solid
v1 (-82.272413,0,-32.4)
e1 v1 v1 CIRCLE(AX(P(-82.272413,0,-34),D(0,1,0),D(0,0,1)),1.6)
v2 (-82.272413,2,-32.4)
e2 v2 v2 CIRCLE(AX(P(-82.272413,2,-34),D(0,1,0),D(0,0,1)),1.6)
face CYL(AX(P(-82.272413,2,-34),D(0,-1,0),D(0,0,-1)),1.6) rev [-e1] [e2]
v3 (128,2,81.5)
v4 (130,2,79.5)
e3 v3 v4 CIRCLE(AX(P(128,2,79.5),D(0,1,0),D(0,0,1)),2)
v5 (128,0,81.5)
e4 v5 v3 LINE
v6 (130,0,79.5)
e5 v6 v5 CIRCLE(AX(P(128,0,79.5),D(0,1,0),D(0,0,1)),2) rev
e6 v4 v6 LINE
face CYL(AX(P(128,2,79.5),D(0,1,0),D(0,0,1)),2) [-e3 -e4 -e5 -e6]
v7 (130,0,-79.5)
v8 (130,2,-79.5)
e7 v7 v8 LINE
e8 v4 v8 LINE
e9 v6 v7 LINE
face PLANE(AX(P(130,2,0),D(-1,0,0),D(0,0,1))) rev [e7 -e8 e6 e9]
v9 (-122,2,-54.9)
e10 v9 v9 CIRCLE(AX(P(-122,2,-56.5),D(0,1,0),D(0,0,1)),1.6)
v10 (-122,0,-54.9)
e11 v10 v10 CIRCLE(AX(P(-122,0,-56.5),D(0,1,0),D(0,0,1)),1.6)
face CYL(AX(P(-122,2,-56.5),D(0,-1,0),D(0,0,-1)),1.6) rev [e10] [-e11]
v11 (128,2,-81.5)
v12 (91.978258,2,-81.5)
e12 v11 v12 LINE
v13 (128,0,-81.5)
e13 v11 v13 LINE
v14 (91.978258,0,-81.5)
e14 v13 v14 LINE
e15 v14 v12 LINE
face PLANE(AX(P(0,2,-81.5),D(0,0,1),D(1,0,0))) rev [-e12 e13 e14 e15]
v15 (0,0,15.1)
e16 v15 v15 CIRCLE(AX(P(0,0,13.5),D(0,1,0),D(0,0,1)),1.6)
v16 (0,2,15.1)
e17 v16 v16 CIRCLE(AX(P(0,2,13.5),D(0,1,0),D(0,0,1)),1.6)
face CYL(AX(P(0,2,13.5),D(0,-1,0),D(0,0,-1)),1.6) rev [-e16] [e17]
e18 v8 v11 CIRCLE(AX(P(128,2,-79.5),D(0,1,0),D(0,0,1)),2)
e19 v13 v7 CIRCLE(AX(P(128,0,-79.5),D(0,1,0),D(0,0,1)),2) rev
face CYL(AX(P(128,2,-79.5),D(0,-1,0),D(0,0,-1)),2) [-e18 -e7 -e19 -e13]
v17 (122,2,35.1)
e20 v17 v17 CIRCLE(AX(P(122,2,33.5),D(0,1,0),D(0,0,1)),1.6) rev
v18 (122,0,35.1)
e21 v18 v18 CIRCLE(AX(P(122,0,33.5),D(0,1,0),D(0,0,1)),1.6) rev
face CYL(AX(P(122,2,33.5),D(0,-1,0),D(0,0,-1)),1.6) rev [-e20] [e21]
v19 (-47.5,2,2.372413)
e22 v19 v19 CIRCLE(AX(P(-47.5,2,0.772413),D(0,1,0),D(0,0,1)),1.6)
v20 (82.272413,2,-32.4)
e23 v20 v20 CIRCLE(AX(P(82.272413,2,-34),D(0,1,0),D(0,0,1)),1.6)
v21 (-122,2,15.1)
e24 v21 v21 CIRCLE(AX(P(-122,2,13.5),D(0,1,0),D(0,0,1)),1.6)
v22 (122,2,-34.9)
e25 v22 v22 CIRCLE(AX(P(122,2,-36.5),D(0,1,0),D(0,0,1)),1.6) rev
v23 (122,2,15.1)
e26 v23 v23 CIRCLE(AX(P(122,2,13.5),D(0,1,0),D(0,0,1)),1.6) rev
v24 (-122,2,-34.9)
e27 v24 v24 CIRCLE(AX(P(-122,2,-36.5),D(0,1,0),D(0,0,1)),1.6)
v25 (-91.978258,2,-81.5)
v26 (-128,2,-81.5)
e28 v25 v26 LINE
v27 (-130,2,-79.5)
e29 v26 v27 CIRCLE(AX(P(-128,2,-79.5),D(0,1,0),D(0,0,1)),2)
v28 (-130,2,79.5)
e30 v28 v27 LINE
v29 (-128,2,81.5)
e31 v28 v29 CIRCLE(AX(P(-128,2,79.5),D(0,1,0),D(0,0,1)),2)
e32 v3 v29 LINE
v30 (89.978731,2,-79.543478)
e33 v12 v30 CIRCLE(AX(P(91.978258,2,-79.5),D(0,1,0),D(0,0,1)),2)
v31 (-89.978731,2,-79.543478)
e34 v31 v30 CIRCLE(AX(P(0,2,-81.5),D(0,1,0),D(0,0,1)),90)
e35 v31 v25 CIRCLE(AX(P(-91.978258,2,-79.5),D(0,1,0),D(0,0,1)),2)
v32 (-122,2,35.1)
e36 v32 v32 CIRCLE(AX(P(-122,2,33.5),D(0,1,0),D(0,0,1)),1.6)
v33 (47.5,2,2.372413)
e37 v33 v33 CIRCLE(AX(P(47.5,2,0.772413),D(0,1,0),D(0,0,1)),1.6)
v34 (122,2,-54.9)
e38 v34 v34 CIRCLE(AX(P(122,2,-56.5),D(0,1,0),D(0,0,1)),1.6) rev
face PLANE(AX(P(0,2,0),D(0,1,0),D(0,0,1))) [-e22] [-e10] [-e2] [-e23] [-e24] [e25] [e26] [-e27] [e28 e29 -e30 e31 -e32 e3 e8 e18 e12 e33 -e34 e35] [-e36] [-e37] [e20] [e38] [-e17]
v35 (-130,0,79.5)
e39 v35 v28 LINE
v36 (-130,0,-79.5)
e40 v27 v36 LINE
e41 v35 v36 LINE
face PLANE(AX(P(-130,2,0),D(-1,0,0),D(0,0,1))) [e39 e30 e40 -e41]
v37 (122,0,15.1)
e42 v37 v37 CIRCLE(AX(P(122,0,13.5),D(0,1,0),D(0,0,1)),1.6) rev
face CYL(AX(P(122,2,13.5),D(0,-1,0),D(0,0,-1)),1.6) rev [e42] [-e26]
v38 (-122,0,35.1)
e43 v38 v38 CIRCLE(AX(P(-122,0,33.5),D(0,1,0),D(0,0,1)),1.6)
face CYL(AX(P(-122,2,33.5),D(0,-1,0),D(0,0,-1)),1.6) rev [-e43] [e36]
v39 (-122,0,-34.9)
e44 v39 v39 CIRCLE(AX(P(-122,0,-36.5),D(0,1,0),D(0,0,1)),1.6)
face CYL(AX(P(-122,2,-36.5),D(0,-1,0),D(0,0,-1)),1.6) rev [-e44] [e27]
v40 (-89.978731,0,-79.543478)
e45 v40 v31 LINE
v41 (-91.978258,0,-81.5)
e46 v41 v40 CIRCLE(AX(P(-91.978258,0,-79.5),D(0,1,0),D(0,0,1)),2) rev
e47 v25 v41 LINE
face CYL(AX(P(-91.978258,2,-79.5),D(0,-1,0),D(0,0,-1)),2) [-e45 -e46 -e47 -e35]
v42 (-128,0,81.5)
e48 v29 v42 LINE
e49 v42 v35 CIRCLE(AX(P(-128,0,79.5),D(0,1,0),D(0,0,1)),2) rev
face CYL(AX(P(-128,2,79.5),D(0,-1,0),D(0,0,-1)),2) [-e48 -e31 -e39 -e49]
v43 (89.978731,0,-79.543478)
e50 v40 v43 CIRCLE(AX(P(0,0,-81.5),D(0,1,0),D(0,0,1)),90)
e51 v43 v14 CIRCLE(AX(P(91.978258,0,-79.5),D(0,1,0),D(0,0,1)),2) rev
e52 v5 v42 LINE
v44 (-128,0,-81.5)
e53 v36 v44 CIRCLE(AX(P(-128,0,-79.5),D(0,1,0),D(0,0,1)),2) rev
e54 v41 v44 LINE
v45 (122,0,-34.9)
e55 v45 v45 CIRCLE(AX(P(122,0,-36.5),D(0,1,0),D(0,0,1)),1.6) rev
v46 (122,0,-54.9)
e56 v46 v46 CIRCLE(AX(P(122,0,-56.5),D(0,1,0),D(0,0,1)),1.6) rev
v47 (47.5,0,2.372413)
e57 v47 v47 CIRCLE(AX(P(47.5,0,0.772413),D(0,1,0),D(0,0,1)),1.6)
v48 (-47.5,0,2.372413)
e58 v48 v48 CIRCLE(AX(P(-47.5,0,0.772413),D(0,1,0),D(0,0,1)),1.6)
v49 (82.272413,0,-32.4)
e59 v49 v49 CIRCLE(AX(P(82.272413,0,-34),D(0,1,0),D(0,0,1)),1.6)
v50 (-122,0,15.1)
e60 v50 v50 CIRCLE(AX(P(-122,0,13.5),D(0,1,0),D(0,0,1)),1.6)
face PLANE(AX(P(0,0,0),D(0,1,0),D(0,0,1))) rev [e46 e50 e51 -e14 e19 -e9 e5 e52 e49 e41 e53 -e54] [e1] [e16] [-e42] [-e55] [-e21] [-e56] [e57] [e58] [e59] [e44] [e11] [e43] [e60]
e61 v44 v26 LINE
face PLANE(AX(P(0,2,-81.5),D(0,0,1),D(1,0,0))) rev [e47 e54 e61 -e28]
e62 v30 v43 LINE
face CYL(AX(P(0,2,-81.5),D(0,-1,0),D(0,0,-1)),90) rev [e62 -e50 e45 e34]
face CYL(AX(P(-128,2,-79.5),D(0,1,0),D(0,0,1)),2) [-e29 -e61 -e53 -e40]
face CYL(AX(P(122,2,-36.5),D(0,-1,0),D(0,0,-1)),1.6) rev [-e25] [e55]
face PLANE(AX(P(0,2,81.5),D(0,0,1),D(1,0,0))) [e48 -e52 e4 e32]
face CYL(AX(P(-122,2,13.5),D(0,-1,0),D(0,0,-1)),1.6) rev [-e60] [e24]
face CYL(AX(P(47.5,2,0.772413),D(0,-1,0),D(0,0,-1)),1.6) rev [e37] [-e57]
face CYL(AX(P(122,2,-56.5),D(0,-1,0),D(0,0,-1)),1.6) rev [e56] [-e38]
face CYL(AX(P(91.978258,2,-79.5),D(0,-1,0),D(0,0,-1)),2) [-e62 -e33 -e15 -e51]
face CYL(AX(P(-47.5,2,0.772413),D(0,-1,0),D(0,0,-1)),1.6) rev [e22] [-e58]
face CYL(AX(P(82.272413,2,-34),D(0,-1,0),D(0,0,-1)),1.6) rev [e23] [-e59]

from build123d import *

# Parameters (mm, degrees)
SKETCH_1_R      = 1.6
EXTRUDE_1_DEPTH = 2
FILLET_1_R      = 2


with BuildPart() as part:
    # 草图1 → 凸台-拉伸1 (new body)
    with BuildSketch(Plane(origin=(0, 0, 0), x_dir=(1, 0, 0), z_dir=(0, 1, 0))):
        with BuildLine():
            Line((-130, -81.5), (130, -81.5))
            Line((130, -81.5), (130, 81.5))
            Line((130, 81.5), (90, 81.5))
            ThreePointArc((90, 81.5), (0, -8.5), (-90, 81.5))
            Line((-90, 81.5), (-130, 81.5))
            Line((-130, 81.5), (-130, -81.5))
        make_face()
        with Locations(Location((-122, -33.5, 0), (0, 0, 270))):
            Circle(SKETCH_1_R, mode=Mode.SUBTRACT)
        with Locations(Location((-122, -13.5, 0), (0, 0, 270))):
            Circle(SKETCH_1_R, mode=Mode.SUBTRACT)
        with Locations(Location((-122, 36.5, 0), (0, 0, 270))):
            Circle(SKETCH_1_R, mode=Mode.SUBTRACT)
        with Locations(Location((-82.27241336, 34, 0), (0, 0, 270))):
            Circle(SKETCH_1_R, mode=Mode.SUBTRACT)
        with Locations(Location((-47.5, -0.77241336, 0), (0, 0, 270))):
            Circle(SKETCH_1_R, mode=Mode.SUBTRACT)
        with Locations(Location((122, -33.5, 0), (0, 0, 270))):
            Circle(SKETCH_1_R, mode=Mode.SUBTRACT)
        with Locations(Location((0, -13.5, 0), (0, 0, 270))):
            Circle(SKETCH_1_R, mode=Mode.SUBTRACT)
        with Locations(Location((47.5, -0.77241336, 0), (0, 0, 270))):
            Circle(SKETCH_1_R, mode=Mode.SUBTRACT)
        with Locations(Location((122, -13.5, 0), (0, 0, 270))):
            Circle(SKETCH_1_R, mode=Mode.SUBTRACT)
        with Locations(Location((82.27241336, 34, 0), (0, 0, 270))):
            Circle(SKETCH_1_R, mode=Mode.SUBTRACT)
        with Locations(Location((122, 36.5, 0), (0, 0, 270))):
            Circle(SKETCH_1_R, mode=Mode.SUBTRACT)
        with Locations(Location((-122, 56.5, 0), (0, 0, 270))):
            Circle(SKETCH_1_R, mode=Mode.SUBTRACT)
        with Locations(Location((122, 56.5, 0), (0, 0, 270))):
            Circle(SKETCH_1_R, mode=Mode.SUBTRACT)
    extrude(amount=EXTRUDE_1_DEPTH)

    # 圆角1
    fillet_1_edges = [part.edges().sort_by_distance(p)[0] for p in [
        (90, 1, -81.5),
        (130, 1, -81.5),
        (130, 1, 81.5),
        (-130, 1, 81.5),
        (-130, 1, -81.5),
        (-90, 1, -81.5),
    ]]
    fillet(fillet_1_edges, radius=FILLET_1_R)


solid = part.part
